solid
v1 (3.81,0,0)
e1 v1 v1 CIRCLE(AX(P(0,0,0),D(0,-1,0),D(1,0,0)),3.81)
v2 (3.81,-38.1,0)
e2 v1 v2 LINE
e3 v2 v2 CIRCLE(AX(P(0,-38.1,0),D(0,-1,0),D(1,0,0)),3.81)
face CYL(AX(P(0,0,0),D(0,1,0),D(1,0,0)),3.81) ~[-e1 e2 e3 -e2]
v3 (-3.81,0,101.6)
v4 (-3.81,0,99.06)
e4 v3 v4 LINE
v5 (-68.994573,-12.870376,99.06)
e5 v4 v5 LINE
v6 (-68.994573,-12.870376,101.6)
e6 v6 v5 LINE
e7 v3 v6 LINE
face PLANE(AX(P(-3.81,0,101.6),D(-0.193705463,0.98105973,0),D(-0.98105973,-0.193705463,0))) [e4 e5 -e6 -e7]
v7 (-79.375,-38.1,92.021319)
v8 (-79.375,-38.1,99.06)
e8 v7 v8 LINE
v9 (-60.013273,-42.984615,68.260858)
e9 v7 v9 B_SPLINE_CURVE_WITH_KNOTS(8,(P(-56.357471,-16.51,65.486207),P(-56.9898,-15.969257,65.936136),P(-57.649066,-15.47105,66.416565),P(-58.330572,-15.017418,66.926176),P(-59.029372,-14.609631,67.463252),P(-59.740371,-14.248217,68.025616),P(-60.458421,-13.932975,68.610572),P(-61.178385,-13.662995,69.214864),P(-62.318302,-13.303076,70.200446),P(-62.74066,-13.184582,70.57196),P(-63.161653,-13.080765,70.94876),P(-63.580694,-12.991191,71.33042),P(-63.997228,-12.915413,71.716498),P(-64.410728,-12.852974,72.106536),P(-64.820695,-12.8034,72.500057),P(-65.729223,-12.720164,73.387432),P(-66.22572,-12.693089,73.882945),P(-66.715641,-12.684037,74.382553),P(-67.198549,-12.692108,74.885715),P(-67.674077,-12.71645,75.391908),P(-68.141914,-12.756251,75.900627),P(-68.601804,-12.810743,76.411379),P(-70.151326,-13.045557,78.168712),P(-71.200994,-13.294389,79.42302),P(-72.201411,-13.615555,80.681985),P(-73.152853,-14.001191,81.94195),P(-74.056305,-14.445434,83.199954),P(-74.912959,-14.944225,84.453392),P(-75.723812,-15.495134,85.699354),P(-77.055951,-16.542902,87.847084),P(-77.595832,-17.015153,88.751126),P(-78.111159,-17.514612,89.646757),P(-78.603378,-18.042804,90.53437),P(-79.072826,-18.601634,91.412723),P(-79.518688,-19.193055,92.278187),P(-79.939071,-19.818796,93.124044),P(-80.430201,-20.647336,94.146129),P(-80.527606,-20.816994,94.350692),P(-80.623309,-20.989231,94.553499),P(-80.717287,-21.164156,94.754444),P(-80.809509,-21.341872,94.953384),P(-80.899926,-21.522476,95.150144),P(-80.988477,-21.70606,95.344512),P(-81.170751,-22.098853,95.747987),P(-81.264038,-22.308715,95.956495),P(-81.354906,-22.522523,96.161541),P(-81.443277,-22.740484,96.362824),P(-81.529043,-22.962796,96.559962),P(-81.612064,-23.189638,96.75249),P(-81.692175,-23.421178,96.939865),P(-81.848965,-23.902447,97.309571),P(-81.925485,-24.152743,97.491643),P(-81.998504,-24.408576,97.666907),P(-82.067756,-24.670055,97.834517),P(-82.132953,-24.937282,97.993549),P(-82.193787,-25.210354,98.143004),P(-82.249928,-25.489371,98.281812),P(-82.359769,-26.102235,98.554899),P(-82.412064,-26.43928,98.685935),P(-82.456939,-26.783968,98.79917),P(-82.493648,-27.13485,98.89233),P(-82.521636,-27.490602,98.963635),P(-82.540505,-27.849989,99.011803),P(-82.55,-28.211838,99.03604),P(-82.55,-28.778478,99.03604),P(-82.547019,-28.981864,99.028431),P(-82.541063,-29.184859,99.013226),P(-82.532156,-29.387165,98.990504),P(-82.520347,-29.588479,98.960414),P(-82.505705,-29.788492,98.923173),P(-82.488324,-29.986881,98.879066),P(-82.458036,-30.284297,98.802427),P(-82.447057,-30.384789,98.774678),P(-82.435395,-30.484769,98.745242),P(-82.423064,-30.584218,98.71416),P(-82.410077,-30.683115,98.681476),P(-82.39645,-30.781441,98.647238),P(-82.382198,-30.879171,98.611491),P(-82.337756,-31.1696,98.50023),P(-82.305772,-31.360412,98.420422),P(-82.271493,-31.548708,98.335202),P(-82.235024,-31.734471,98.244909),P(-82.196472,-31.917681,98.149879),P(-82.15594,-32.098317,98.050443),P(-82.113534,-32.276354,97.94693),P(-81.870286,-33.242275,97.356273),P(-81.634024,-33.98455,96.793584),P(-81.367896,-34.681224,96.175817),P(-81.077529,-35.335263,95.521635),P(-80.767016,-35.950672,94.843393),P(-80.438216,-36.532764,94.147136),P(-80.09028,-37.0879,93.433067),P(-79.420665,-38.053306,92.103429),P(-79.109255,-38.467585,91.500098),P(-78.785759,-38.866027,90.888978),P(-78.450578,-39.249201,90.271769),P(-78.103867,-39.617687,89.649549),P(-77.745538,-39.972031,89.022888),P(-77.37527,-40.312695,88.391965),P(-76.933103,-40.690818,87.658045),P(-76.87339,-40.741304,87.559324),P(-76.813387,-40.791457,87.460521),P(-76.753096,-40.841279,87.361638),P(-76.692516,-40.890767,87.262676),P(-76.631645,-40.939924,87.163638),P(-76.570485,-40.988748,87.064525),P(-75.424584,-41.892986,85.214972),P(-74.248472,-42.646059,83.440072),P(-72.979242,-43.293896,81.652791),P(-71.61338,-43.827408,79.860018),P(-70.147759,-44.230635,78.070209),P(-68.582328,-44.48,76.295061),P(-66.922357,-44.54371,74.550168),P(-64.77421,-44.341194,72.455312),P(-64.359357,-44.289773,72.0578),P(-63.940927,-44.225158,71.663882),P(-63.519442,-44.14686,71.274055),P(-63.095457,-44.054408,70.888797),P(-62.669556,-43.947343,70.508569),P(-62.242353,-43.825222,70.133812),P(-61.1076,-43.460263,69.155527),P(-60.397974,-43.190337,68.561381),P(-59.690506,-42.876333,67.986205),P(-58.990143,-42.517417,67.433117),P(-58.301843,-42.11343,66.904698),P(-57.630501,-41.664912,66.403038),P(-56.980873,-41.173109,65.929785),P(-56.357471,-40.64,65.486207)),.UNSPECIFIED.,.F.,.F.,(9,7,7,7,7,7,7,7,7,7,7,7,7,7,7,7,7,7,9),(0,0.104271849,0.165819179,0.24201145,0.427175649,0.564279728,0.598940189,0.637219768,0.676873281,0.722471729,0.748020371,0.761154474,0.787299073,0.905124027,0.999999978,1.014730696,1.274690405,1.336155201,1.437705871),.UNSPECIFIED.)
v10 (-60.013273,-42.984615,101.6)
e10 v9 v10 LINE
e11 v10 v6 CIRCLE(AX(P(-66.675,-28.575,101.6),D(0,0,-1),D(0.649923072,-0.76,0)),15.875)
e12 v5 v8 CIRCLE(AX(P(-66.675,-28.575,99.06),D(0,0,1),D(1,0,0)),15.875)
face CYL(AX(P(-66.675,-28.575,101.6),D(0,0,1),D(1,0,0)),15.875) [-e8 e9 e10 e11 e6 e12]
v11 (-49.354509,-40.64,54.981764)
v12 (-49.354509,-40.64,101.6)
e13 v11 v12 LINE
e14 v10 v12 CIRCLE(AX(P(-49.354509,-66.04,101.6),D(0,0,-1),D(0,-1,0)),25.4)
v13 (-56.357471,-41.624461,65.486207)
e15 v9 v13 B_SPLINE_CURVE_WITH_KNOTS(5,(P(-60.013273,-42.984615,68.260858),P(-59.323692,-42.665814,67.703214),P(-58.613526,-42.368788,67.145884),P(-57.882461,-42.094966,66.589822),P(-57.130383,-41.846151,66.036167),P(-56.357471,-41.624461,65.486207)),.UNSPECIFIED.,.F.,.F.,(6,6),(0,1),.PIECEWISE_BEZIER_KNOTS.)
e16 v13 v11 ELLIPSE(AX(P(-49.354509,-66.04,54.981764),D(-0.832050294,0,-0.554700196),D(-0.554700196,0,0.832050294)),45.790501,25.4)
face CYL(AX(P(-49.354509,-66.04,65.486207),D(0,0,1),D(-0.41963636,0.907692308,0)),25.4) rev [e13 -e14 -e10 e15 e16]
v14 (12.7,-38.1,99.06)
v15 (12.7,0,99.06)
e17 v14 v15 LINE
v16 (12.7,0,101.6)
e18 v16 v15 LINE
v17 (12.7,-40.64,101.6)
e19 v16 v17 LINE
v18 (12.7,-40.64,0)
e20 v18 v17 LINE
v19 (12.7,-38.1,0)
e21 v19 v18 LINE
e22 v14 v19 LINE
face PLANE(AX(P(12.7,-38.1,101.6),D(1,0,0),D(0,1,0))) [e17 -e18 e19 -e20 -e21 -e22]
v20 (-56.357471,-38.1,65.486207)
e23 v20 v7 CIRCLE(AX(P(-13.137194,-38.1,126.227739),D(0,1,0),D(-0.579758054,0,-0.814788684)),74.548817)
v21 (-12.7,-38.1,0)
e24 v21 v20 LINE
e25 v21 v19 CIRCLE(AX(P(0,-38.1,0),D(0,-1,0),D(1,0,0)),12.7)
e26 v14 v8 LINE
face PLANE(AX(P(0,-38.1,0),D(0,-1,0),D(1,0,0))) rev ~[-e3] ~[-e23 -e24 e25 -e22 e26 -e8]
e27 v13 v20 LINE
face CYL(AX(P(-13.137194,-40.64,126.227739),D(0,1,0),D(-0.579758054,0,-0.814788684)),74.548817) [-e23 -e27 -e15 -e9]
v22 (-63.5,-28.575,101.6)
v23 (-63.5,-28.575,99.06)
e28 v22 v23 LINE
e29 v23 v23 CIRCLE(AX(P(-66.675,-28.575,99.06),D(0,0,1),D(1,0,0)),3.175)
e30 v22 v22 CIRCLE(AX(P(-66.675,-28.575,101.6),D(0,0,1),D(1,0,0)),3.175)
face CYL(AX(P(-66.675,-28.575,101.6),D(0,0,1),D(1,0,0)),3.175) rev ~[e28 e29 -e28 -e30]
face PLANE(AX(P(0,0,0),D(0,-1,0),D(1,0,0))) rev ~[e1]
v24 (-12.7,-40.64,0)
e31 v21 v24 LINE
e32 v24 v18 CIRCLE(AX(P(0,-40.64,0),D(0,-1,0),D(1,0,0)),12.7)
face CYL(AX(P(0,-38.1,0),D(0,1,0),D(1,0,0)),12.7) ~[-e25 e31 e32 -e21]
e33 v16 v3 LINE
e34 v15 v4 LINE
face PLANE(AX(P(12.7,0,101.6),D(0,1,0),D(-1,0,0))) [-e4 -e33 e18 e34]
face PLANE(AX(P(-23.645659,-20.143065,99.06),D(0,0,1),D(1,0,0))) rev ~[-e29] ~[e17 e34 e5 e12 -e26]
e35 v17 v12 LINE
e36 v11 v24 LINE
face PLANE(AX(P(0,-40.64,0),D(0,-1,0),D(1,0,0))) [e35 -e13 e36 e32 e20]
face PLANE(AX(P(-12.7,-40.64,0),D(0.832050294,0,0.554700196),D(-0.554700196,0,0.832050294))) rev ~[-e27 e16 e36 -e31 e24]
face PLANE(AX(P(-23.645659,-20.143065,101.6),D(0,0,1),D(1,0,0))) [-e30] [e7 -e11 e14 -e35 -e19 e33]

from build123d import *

# Parameters (mm, degrees)
F0_R          = 3.81
F1_DEPTH      = 38.1
F3_DEPTH      = 2.54
F4_R          = 15.875
F5_DEPTH      = 57.912
F7_DEPTH      = 40.64
F7_DEPTH_BACK = 30.988
F9_DEPTH      = 140.716
F11_DEPTH     = 2.54
F12_R         = 25.4
F13_R         = 3.175
F14_DEPTH     = 25.4


with BuildPart() as f1:
    # F0 (on Front) → F1 (new body)
    with BuildSketch(Plane.XZ):
        Circle(F0_R)
    extrude(amount=F1_DEPTH)

    # F2 (on face) → F3 (join)
    with BuildSketch(Plane.XZ.offset(38.1)):
        with BuildLine():
            ThreePointArc((-12.7, 0), (0, -12.7), (12.7, 0))
            ThreePointArc((12.7, 0), (0, 12.7), (-12.7, 0))
        make_face()
        with BuildLine():
            ThreePointArc((-12.7, 0), (0, 12.7), (12.7, 0))
            Line((12.7, 0), (12.7, 101.6))
            Line((12.7, 101.6), (-63.5, 101.6))
            Line((-63.5, 101.6), (-63.5, 76.2))
            Line((-63.5, 76.2), (-12.7, 0))
        make_face()
    extrude(amount=F3_DEPTH)

    # F4 (on face) → F5 (join)
    with BuildSketch(Plane.XY.offset(101.6)):
        with Locations((-66.675, -28.575)):
            Circle(F4_R)
    extrude(amount=-F5_DEPTH)

    # F6 (on face) → F7 (cut, two sides)
    with BuildSketch(Plane.XZ.offset(40.64)) as f7_sk:
        with BuildLine():
            Line((-44.4512212261, -6.503643468), (-12.7, 0))
            Line((-12.7, 0), (-56.3574712261, 65.4862068392))
            ThreePointArc((-56.3574712261, 65.4862068392), (-73.8011886318, 82.898697178), (-84.6138894558, 105.0473675132))
            Line((-84.6138894558, 105.0473675132), (-88.3945673704, 14.1553971916))
            Line((-88.3945673704, 14.1553971916), (-44.4512212261, -6.503643468))
        make_face()
    extrude(amount=-F7_DEPTH, mode=Mode.SUBTRACT)
    extrude(f7_sk.sketch, amount=F7_DEPTH_BACK, mode=Mode.SUBTRACT)

    # F8 (on face) → F9 (cut)
    with BuildSketch(Plane.YZ.offset(12.7)):
        Polygon((-6.1655906029, 4.6855383553), (-6.1655906029, 63.5), (-6.1655906029, 99.06), (-38.1, 99.06), (-38.1, 4.6855383553), align=None)
    extrude(amount=-F9_DEPTH, mode=Mode.SUBTRACT)

    # F10 (on face) → F11 (join)
    with BuildSketch(Plane.XY.offset(101.6)):
        with BuildLine():
            Line((-53.975, -38.1), (12.7, -38.1))
            Line((12.7, -38.1), (12.7, 0))
            Line((12.7, 0), (-3.81, 0))
            Line((-3.81, 0), (-68.9945726443, -12.8703762303))
            ThreePointArc((-68.9945726443, -12.8703762303), (-53.0341863545, -20.4544194735), (-53.975, -38.1))
        make_face()
    extrude(amount=-F11_DEPTH)

    # F12
    f12_edges = [f1.edges().sort_by_distance(p)[0] for p in [
        (-56.357471, -40.64, 83.543103),
    ]]
    fillet(f12_edges, radius=F12_R)

    # F13 (on face) → F14 (cut)
    with BuildSketch(Plane.XY.offset(101.6)):
        with Locations((-66.675, -28.575)):
            Circle(F13_R)
    extrude(amount=-F14_DEPTH, mode=Mode.SUBTRACT)


solid = f1.part
